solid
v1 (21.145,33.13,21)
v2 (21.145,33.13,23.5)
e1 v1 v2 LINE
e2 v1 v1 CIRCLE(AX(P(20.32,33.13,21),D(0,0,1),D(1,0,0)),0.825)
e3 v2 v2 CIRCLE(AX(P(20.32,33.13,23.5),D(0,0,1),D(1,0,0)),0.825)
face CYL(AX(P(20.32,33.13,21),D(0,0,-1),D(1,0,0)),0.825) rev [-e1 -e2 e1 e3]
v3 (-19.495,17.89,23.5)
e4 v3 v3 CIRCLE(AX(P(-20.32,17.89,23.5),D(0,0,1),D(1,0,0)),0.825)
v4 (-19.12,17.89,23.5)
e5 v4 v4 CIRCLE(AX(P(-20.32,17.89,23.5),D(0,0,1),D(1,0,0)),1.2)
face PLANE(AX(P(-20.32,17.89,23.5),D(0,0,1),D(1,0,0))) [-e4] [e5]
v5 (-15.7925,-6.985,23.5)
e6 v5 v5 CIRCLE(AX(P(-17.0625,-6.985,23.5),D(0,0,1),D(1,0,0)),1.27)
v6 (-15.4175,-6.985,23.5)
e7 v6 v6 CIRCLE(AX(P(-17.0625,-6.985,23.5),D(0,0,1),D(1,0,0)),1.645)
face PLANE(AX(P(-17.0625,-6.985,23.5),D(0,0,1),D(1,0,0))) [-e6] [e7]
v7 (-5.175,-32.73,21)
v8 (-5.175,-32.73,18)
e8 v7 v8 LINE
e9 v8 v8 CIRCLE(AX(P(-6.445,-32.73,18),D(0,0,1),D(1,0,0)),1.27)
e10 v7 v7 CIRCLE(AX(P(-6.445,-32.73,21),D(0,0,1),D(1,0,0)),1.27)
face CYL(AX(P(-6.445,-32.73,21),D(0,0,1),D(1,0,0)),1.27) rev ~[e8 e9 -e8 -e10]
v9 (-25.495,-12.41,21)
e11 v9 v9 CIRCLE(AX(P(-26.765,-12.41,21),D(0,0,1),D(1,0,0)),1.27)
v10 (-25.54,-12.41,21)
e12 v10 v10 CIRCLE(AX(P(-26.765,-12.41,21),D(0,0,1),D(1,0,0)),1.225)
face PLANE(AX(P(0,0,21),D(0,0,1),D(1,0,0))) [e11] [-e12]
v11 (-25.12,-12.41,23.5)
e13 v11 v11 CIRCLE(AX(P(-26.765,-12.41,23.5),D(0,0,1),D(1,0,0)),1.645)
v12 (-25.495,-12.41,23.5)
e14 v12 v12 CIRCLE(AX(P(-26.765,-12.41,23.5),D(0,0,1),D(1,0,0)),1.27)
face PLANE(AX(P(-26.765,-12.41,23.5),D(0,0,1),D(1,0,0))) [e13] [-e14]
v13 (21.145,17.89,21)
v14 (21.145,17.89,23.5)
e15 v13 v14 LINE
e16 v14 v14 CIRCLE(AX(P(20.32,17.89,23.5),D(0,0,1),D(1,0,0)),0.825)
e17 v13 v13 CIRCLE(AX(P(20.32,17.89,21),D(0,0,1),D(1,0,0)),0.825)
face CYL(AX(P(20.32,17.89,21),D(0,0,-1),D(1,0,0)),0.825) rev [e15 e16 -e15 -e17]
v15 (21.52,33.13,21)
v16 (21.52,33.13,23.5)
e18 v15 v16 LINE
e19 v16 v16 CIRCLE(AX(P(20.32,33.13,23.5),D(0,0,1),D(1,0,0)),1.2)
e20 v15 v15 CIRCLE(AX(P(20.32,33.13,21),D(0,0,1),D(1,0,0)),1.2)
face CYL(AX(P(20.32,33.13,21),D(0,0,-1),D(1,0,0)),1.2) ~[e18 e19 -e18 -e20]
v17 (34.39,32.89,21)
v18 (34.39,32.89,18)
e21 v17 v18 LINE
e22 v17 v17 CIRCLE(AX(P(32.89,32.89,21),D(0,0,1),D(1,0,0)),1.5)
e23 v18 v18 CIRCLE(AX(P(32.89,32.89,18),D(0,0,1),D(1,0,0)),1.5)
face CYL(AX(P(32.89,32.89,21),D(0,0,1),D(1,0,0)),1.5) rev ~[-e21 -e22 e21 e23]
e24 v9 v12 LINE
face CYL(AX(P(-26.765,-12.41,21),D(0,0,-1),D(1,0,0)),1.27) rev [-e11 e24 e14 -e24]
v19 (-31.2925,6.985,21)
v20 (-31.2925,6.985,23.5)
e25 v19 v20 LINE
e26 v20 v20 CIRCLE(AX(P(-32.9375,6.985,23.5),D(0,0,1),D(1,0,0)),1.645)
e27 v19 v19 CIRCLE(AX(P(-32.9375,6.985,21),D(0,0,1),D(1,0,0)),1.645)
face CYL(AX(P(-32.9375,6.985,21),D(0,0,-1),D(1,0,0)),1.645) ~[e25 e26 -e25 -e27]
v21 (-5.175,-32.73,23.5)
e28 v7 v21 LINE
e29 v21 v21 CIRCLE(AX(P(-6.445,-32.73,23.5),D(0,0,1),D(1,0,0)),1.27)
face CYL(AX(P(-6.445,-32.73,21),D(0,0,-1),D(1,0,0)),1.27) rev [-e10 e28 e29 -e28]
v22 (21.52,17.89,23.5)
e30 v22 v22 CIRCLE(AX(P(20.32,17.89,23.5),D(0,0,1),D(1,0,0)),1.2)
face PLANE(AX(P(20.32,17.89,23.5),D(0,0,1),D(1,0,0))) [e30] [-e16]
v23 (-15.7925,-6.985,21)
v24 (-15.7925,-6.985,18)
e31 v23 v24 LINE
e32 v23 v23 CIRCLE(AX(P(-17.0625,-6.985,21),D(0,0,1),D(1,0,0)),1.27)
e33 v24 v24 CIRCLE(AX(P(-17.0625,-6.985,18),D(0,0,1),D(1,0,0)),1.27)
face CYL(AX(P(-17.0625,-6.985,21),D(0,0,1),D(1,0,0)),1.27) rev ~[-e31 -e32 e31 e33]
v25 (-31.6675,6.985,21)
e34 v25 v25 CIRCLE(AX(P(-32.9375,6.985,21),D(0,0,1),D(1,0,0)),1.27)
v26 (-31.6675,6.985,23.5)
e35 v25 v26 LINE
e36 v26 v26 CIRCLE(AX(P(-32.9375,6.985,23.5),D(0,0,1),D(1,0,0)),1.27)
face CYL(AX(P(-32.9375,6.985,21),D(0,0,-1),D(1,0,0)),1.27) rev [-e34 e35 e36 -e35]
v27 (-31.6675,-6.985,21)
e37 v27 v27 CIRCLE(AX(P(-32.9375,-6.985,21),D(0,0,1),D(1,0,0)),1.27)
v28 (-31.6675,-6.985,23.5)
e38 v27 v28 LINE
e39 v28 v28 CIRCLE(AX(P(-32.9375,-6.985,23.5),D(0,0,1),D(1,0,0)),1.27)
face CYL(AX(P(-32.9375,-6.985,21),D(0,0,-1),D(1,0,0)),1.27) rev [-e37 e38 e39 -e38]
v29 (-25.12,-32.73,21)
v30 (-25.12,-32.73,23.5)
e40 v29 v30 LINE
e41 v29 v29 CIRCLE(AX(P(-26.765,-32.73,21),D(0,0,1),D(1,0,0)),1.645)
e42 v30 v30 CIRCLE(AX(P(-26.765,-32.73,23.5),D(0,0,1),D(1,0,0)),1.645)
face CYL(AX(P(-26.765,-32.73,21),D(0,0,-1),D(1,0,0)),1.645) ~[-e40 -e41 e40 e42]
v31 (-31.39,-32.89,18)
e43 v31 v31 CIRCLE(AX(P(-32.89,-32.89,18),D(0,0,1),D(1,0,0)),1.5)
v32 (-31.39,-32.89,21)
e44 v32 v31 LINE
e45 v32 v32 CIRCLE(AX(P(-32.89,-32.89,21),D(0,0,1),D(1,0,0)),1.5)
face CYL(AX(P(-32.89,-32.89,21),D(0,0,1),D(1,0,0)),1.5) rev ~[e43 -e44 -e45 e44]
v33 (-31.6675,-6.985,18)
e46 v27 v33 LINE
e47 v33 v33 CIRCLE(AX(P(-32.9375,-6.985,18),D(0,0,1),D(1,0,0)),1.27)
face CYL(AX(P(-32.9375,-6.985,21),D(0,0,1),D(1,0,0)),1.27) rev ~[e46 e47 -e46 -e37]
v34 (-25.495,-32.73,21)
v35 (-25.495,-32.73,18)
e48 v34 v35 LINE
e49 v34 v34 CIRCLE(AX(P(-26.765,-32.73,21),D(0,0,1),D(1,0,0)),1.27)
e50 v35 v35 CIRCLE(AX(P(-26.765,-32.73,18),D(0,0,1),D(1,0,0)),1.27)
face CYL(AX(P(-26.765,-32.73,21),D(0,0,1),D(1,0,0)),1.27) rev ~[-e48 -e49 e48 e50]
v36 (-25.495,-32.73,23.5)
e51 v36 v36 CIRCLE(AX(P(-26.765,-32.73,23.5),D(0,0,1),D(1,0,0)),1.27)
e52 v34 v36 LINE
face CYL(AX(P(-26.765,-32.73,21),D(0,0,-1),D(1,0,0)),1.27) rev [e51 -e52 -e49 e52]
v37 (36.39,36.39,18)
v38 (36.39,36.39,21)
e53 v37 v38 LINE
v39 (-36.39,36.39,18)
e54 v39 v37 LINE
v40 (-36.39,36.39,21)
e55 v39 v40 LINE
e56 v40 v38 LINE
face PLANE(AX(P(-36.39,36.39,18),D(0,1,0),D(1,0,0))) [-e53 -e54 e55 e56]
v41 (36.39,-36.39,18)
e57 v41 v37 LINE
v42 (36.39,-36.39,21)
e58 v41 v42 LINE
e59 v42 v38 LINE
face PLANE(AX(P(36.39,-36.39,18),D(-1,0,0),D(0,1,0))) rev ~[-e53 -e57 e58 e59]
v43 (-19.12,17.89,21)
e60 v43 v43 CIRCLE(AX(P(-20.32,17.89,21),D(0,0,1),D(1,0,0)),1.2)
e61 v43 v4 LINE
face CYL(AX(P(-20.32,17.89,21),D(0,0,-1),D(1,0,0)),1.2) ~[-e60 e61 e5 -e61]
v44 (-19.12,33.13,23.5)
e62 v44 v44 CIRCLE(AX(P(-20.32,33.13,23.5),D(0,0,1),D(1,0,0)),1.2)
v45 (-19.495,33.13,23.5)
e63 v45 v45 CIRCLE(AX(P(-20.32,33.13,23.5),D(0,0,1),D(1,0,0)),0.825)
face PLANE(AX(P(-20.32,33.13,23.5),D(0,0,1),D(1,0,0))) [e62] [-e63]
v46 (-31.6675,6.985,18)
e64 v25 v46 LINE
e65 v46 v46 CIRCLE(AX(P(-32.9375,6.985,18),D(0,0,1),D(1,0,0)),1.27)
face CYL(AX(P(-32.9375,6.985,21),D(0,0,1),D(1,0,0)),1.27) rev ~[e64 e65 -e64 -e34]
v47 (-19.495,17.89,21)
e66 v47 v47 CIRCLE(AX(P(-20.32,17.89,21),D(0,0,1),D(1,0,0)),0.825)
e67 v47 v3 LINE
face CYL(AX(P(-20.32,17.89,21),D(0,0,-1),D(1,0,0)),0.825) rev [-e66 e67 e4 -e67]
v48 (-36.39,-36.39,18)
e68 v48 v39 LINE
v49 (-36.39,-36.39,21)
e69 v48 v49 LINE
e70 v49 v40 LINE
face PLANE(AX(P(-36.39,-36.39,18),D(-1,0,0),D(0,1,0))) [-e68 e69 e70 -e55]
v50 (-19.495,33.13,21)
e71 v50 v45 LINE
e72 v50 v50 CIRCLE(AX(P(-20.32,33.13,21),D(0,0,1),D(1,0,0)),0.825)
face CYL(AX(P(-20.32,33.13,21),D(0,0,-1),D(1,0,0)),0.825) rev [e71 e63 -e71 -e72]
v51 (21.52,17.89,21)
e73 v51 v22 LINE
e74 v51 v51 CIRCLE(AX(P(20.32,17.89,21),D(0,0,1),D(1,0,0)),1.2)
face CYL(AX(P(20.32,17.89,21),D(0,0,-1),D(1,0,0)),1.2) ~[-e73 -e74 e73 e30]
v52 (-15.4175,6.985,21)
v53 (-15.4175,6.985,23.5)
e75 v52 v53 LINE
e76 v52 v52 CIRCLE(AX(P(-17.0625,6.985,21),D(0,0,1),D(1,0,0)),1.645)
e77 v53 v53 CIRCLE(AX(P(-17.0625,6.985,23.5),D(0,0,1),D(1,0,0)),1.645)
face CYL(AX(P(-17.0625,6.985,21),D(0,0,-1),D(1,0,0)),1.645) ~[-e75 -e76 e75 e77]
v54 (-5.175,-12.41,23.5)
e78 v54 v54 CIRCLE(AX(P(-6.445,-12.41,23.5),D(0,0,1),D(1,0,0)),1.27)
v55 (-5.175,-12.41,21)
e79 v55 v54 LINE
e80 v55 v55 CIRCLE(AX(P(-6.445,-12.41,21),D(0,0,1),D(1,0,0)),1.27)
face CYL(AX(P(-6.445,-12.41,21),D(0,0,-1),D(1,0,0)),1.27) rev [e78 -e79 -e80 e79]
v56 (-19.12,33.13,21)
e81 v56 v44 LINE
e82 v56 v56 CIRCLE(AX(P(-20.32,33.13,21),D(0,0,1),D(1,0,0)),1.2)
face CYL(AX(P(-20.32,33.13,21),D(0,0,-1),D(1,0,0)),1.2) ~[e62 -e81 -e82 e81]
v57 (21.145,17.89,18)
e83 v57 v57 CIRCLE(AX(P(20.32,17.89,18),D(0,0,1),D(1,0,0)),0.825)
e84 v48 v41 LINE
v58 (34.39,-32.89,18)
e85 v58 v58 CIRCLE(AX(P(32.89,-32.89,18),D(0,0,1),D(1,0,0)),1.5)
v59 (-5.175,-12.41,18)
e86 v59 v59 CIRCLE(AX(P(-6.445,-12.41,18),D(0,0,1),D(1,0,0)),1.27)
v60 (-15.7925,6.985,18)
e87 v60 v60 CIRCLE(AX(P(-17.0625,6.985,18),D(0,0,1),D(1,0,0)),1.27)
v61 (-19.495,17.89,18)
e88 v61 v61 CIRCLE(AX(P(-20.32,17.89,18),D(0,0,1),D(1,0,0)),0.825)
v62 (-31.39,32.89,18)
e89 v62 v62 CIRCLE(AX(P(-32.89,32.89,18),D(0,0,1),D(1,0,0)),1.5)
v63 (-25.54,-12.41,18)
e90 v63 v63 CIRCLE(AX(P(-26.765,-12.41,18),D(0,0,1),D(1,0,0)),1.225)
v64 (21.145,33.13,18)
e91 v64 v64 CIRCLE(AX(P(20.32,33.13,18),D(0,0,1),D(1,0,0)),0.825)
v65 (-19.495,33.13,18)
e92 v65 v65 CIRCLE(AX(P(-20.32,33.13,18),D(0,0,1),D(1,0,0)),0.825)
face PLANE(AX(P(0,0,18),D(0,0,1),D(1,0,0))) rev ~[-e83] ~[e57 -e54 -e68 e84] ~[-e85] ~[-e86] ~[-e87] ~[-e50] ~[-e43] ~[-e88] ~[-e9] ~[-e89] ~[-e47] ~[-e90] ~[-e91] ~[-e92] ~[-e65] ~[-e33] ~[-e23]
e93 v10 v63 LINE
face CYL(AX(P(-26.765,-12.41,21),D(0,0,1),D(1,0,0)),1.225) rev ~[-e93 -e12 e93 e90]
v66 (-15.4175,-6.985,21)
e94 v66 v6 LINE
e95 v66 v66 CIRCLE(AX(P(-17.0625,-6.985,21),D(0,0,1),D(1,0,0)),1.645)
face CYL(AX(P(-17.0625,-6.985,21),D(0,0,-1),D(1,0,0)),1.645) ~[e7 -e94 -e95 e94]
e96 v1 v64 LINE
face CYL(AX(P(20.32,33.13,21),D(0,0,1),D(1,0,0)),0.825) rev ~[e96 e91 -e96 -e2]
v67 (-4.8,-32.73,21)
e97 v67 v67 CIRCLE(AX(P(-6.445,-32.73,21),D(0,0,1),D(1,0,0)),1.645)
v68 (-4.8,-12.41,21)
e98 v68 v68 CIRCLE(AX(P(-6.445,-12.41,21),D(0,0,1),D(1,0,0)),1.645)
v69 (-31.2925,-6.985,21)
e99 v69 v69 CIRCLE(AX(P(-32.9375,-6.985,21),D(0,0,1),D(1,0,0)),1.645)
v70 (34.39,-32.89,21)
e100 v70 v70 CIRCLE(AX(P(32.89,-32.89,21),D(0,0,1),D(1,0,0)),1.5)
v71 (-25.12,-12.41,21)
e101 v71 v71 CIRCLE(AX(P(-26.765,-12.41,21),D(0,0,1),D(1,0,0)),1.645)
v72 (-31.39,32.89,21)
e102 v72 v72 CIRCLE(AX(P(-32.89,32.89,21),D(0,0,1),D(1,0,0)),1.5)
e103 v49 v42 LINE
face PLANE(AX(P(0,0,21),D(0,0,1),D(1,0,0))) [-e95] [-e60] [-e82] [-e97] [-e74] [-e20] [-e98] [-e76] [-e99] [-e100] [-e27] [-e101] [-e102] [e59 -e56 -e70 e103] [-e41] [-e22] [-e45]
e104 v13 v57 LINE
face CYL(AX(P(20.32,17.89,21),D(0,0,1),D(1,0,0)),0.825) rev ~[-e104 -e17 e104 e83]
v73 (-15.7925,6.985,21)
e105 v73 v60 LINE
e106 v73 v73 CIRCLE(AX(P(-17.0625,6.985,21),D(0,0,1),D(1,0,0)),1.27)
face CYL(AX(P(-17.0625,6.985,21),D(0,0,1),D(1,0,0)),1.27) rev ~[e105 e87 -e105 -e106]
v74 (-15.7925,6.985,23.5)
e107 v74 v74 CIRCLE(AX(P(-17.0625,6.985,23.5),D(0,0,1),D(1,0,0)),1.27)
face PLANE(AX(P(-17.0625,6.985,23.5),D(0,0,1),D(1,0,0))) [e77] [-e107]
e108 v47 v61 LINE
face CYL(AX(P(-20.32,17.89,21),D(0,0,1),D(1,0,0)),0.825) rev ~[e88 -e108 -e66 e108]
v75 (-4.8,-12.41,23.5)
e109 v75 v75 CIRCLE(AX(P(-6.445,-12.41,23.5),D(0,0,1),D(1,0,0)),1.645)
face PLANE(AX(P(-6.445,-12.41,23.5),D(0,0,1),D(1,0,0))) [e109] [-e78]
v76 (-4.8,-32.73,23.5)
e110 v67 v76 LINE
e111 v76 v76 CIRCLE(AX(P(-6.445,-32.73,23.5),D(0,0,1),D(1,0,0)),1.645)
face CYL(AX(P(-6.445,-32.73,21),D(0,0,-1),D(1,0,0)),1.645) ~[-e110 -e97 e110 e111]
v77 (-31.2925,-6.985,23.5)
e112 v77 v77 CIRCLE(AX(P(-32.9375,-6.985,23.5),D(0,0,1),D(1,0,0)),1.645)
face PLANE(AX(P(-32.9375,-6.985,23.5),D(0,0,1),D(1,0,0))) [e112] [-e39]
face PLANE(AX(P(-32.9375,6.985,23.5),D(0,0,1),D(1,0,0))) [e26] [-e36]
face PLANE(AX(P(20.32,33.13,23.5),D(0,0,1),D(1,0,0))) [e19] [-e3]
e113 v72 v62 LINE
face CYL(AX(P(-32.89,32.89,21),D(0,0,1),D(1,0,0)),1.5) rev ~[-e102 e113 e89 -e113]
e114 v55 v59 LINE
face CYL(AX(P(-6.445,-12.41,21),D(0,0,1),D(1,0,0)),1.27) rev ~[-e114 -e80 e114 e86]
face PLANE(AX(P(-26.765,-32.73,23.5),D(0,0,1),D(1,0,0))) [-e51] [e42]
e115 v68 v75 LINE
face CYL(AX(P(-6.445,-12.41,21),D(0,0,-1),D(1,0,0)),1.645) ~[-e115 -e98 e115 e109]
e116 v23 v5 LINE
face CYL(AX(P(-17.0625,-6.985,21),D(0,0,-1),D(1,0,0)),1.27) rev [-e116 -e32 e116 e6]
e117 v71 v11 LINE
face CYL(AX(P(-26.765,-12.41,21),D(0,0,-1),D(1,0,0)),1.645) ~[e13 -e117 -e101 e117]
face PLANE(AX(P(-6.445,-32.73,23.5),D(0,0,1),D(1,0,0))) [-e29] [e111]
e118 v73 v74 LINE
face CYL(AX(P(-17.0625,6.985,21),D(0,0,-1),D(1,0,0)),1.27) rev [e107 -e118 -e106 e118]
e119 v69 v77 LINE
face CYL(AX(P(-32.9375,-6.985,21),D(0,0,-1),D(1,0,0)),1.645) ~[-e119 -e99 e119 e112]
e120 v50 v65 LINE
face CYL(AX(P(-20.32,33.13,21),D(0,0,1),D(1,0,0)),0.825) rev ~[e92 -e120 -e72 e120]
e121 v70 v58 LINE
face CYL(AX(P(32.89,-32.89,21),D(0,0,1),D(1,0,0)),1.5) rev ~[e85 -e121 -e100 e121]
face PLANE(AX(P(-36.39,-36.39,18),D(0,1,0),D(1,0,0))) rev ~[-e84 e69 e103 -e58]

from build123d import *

# Parameters (mm, degrees)
SKETCH_W        = 72.78
SKETCH_H        = 72.78
PAD_DEPTH       = 3
SKETCH002_R     = 0.825
POCKET_DEPTH    = 3.001
SKETCH004_R     = 1.2
SKETCH004_R_2   = 0.825
PAD003_DEPTH    = 2.5
SKETCH005_R     = 1.27
POCKET002_DEPTH = 3.001
SKETCH009_R     = 1.645
SKETCH009_R_2   = 1.27
PAD006_DEPTH    = 2.5
SKETCH010_R     = 1.225
SKETCH010_R_2   = 1.27
POCKET003_DEPTH = 3.001
SKETCH016_R     = 1.645
SKETCH016_R_2   = 1.27
PAD007_DEPTH    = 2.5
SKETCH041_R     = 1.5
POCKET006_DEPTH = 3.001


with BuildPart() as part:
    # Sketch → Pad (new body)
    with BuildSketch(Plane.XY):
        Rectangle(SKETCH_W, SKETCH_H)
    extrude(amount=PAD_DEPTH)

    # Sketch002 (on Face6 of Pad) → Pocket (cut, through all)
    with BuildSketch(Plane.XY.offset(3)):
        with Locations((-20.32, 33.13)):
            Circle(SKETCH002_R)
        with Locations((20.32, 17.89)):
            Circle(SKETCH002_R)
        with Locations((-20.32, 17.89)):
            Circle(SKETCH002_R)
        with Locations((20.32, 33.13)):
            Circle(SKETCH002_R)
    extrude(amount=-POCKET_DEPTH, mode=Mode.SUBTRACT)

    # Sketch004 → Pad003 (join)
    with BuildSketch(Plane.XY.offset(3)):
        with Locations((-20.32, 33.13)):
            Circle(SKETCH004_R)
        with Locations((-20.32, 33.13)):
            Circle(SKETCH004_R_2, mode=Mode.SUBTRACT)
        with Locations((20.32, 17.89)):
            Circle(SKETCH004_R)
        with Locations((20.32, 17.89)):
            Circle(SKETCH004_R_2, mode=Mode.SUBTRACT)
        with Locations((20.32, 33.13)):
            Circle(SKETCH004_R)
        with Locations((20.32, 33.13)):
            Circle(SKETCH004_R_2, mode=Mode.SUBTRACT)
        with Locations((-20.32, 17.89)):
            Circle(SKETCH004_R)
        with Locations((-20.32, 17.89)):
            Circle(SKETCH004_R_2, mode=Mode.SUBTRACT)
    extrude(amount=PAD003_DEPTH)

    # Sketch005 (on Face5 of Pad003) → Pocket002 (cut, through all)
    with BuildSketch(Plane.XY.offset(3)):
        with Locations((-32.9375, 6.985)):
            Circle(SKETCH005_R)
        with Locations((-32.9375, -6.985)):
            Circle(SKETCH005_R)
        with Locations((-17.0625, 6.985)):
            Circle(SKETCH005_R)
        with Locations((-17.0625, -6.985)):
            Circle(SKETCH005_R)
    extrude(amount=-POCKET002_DEPTH, mode=Mode.SUBTRACT)

    # Sketch009 → Pad006 (join)
    with BuildSketch(Plane.XY.offset(3)):
        with Locations((-32.9375, -6.985)):
            Circle(SKETCH009_R)
        with Locations((-32.9375, -6.985)):
            Circle(SKETCH009_R_2, mode=Mode.SUBTRACT)
        with Locations((-17.0625, -6.985)):
            Circle(SKETCH009_R)
        with Locations((-17.0625, -6.985)):
            Circle(SKETCH009_R_2, mode=Mode.SUBTRACT)
        with Locations((-17.0625, 6.985)):
            Circle(SKETCH009_R)
        with Locations((-17.0625, 6.985)):
            Circle(SKETCH009_R_2, mode=Mode.SUBTRACT)
        with Locations((-32.9375, 6.985)):
            Circle(SKETCH009_R)
        with Locations((-32.9375, 6.985)):
            Circle(SKETCH009_R_2, mode=Mode.SUBTRACT)
    extrude(amount=PAD006_DEPTH)

    # Sketch010 (on Face5 of Pad006) → Pocket003 (cut, through all)
    with BuildSketch(Plane.XY.offset(3)):
        with Locations((-26.765, -12.41)):
            Circle(SKETCH010_R)
        with Locations((-6.445, -12.41)):
            Circle(SKETCH010_R_2)
        with Locations((-6.445, -32.73)):
            Circle(SKETCH010_R_2)
        with Locations((-26.765, -32.73)):
            Circle(SKETCH010_R_2)
    extrude(amount=-POCKET003_DEPTH, mode=Mode.SUBTRACT)

    # Sketch016 → Pad007 (join)
    with BuildSketch(Plane.XY.offset(3)):
        with Locations((-6.445, -12.41)):
            Circle(SKETCH016_R)
        with Locations((-6.445, -12.41)):
            Circle(SKETCH016_R_2, mode=Mode.SUBTRACT)
        with Locations((-26.765, -12.41)):
            Circle(SKETCH016_R)
        with Locations((-26.765, -12.41)):
            Circle(SKETCH016_R_2, mode=Mode.SUBTRACT)
        with Locations((-26.765, -32.73)):
            Circle(SKETCH016_R)
        with Locations((-26.765, -32.73)):
            Circle(SKETCH016_R_2, mode=Mode.SUBTRACT)
        with Locations((-6.445, -32.73)):
            Circle(SKETCH016_R)
        with Locations((-6.445, -32.73)):
            Circle(SKETCH016_R_2, mode=Mode.SUBTRACT)
    extrude(amount=PAD007_DEPTH)

    # Sketch041 → Pocket006 (cut, through all)
    with BuildSketch(Plane.XY.offset(3)):
        with Locations((-32.89, 32.89)):
            Circle(SKETCH041_R)
        with Locations((32.89, 32.89)):
            Circle(SKETCH041_R)
        with Locations((-32.89, -32.89)):
            Circle(SKETCH041_R)
        with Locations((32.89, -32.89)):
            Circle(SKETCH041_R)
    extrude(amount=-POCKET006_DEPTH, mode=Mode.SUBTRACT)


with BuildPart() as part_1:
    # Body placement: moved
    add(part.part.moved(Location((0, 0, 18))))


solid = part_1.part
